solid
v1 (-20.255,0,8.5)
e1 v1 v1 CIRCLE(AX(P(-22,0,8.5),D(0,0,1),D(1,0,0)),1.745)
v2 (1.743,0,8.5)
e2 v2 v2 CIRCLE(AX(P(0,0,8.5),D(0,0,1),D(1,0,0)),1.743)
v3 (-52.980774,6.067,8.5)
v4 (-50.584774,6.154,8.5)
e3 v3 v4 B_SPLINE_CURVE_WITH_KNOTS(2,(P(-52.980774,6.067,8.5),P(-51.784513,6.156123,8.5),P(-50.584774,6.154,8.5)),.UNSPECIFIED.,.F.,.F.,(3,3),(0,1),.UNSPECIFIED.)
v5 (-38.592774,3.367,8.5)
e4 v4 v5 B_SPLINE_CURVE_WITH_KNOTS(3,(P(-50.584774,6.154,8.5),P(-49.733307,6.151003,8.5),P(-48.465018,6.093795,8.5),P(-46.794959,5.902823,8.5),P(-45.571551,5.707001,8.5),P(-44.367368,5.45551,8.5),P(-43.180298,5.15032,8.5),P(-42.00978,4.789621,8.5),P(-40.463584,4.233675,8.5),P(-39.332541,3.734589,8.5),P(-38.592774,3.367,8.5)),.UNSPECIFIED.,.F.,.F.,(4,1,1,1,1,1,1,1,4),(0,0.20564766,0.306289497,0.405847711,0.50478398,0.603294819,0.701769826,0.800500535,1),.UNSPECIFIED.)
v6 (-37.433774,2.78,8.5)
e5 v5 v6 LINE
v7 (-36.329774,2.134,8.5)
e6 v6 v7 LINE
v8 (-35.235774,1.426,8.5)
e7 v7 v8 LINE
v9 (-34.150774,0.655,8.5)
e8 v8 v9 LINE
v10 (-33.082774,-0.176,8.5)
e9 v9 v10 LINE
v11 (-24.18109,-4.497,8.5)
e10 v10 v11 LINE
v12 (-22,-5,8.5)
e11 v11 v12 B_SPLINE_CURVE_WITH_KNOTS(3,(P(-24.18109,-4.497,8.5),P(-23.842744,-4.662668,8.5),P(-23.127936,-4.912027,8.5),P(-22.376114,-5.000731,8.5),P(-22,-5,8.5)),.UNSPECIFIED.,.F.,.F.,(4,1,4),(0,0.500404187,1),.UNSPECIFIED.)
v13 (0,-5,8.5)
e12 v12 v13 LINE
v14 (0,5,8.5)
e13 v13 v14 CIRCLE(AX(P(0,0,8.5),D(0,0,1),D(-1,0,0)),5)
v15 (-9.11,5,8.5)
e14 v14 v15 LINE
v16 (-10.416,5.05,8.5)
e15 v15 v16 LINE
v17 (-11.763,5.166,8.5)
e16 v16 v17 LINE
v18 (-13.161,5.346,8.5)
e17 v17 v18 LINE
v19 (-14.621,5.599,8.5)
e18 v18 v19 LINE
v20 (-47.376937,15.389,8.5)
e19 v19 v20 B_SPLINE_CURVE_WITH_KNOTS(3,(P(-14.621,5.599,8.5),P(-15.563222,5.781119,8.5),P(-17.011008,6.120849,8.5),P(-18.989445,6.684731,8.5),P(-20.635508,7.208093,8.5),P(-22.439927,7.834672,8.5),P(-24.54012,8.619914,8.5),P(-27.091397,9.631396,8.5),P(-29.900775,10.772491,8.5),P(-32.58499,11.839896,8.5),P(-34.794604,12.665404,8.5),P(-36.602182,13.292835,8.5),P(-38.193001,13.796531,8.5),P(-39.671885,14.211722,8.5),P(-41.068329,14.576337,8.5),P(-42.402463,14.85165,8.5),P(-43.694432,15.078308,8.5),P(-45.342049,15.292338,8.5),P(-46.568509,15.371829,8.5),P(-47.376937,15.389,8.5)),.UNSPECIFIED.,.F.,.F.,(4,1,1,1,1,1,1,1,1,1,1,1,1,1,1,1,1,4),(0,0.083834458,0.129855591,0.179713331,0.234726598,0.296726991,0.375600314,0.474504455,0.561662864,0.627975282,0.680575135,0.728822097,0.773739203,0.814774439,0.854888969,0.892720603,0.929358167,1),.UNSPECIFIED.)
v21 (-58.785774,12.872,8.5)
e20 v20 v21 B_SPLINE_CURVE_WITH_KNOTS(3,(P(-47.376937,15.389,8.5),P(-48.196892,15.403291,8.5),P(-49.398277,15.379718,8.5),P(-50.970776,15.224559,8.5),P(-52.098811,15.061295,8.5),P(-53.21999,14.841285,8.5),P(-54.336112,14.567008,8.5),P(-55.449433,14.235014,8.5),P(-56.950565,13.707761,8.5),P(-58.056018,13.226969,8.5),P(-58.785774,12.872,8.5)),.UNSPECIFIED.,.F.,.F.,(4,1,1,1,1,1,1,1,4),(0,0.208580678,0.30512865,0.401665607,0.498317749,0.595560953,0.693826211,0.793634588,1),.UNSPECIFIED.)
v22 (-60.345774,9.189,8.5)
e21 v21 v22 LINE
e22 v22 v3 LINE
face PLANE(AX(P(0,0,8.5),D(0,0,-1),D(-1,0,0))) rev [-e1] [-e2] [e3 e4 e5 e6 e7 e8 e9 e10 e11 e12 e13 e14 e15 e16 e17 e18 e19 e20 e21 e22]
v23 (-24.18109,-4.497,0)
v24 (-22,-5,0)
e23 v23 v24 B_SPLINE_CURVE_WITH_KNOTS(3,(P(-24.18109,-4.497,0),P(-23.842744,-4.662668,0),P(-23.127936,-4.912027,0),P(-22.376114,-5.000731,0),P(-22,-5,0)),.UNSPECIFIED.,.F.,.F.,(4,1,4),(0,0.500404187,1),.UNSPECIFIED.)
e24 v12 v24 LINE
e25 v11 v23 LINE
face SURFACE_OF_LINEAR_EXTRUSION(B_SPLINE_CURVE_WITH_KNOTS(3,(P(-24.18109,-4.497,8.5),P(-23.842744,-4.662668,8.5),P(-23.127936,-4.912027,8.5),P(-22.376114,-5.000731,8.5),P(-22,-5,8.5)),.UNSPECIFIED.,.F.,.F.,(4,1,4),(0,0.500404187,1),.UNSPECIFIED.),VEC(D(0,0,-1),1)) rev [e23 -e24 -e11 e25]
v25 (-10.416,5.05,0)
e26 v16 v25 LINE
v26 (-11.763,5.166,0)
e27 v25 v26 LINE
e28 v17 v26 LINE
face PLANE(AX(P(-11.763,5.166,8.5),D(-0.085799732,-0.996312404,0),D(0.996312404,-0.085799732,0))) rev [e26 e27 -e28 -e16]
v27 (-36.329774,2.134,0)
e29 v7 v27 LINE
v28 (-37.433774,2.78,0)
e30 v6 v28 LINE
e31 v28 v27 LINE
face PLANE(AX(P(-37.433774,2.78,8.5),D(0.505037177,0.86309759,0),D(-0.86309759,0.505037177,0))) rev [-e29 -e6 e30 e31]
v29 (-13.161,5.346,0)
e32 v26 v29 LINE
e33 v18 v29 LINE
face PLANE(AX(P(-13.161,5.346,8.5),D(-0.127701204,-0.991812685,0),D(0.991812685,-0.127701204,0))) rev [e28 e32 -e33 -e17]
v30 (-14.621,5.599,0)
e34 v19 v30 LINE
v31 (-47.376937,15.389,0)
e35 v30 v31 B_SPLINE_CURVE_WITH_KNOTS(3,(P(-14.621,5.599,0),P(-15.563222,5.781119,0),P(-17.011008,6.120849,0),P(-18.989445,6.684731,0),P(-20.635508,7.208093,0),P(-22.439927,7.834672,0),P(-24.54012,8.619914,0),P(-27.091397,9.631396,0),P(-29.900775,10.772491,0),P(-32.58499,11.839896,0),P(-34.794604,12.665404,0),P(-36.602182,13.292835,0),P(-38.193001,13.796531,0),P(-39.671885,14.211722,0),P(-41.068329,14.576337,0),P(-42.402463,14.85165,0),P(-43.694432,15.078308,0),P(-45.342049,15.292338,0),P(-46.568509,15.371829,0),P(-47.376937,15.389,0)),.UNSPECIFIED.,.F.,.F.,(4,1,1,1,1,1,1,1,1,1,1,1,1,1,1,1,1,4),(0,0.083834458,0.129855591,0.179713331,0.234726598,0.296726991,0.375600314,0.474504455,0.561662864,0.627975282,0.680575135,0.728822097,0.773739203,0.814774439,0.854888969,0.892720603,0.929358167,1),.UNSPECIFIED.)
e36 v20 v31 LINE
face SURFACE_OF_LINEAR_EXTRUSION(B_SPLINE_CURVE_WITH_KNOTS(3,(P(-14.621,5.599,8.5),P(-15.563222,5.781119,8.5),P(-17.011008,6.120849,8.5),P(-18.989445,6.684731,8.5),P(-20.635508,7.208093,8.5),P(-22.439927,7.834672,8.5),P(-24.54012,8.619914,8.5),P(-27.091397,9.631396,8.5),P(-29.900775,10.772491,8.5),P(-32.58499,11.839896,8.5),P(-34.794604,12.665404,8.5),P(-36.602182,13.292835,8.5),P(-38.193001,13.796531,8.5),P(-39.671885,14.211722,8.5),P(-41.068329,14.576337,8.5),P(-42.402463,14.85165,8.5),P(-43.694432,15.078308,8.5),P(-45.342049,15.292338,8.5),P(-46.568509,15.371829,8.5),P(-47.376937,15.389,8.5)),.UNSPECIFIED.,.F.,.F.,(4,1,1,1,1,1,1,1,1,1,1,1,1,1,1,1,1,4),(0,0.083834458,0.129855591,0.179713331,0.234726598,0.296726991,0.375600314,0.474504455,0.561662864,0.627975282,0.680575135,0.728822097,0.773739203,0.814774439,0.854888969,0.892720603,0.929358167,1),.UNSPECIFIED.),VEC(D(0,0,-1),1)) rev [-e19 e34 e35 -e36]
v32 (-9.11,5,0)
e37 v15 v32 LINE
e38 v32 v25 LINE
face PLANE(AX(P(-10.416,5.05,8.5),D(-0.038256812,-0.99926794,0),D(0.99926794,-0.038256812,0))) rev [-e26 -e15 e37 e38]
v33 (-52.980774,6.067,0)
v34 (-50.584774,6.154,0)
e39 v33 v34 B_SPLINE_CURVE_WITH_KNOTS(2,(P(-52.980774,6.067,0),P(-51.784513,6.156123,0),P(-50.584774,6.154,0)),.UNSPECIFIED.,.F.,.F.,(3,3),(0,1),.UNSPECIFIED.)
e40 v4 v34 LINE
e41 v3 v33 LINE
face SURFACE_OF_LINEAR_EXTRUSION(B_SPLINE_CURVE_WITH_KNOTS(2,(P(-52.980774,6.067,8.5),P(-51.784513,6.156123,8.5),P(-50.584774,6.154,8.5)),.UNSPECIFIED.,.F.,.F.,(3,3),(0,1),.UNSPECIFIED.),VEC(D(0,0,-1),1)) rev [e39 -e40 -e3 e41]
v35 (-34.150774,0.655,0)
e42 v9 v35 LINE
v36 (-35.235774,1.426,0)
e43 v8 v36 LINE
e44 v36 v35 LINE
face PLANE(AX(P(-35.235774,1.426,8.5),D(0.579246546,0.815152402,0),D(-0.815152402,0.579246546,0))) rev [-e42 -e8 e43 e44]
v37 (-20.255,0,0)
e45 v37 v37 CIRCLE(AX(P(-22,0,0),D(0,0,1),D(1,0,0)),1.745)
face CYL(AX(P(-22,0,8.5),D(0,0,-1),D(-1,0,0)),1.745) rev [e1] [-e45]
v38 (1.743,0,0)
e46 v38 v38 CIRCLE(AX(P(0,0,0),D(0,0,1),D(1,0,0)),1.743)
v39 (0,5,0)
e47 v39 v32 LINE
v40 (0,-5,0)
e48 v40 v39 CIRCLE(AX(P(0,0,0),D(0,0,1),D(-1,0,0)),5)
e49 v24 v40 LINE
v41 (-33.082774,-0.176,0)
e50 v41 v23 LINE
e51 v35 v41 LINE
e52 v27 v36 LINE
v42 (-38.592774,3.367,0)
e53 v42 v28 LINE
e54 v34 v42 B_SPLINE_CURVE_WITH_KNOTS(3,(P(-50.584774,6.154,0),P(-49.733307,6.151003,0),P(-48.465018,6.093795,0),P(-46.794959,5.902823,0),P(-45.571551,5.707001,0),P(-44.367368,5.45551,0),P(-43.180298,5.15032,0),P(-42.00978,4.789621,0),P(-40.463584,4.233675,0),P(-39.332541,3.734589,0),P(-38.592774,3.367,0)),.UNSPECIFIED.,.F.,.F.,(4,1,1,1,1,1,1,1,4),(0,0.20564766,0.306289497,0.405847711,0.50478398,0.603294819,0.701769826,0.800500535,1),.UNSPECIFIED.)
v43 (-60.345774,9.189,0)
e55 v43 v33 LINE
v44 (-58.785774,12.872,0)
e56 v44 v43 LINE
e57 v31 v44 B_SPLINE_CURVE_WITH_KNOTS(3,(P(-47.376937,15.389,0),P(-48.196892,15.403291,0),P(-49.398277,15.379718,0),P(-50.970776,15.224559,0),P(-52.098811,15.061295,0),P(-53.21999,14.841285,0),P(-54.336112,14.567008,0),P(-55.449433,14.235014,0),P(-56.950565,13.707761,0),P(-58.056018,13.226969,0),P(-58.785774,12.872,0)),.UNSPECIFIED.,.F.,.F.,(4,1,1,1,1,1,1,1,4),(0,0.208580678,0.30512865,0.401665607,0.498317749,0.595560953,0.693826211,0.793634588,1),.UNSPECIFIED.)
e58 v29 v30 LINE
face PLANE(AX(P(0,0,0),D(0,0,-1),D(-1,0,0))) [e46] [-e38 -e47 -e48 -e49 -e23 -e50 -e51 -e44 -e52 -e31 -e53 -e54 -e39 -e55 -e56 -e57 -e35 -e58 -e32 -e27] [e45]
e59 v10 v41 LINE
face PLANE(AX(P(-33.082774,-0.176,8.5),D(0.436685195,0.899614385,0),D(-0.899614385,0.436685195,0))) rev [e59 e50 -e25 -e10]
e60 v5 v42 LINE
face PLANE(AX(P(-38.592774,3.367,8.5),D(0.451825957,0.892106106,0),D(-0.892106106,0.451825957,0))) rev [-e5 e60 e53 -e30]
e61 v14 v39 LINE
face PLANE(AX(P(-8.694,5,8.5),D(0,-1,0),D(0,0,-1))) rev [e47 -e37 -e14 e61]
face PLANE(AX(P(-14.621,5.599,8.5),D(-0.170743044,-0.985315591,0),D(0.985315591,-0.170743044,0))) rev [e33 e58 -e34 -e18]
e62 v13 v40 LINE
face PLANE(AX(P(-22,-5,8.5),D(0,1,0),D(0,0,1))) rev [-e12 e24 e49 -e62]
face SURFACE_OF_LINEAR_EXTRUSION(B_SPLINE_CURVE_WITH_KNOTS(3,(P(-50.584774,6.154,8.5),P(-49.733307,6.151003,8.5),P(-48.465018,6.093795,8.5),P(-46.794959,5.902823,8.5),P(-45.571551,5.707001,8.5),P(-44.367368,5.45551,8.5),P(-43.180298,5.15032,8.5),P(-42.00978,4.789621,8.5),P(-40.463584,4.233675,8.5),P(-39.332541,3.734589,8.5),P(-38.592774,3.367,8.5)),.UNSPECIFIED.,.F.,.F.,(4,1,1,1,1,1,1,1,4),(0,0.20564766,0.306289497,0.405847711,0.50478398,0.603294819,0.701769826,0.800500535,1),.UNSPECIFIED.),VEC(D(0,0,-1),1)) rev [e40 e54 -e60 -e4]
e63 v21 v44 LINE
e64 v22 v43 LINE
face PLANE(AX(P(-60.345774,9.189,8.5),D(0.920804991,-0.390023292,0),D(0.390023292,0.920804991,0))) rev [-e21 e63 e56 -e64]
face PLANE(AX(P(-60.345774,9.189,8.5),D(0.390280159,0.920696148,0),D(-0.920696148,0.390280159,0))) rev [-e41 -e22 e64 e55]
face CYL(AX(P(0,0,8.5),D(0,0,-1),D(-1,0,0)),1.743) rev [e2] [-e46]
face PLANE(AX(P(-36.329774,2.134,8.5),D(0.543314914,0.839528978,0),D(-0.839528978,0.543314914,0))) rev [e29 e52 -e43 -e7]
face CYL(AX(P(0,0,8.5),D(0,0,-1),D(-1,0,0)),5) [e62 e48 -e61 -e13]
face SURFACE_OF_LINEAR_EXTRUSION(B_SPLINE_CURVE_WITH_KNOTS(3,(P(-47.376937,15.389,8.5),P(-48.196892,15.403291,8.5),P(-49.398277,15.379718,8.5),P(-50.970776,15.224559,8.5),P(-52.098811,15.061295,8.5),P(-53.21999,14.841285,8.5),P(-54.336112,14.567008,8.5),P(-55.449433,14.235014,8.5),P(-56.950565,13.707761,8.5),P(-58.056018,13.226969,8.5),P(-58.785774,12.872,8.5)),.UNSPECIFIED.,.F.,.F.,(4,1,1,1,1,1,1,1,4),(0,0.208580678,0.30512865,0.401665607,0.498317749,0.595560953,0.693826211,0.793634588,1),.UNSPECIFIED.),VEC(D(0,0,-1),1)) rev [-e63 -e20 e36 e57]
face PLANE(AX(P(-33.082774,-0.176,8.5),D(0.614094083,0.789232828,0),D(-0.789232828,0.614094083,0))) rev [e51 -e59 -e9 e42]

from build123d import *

# Parameters (mm, degrees)
CROQUIS1_R              = 1.743
CROQUIS1_R_2            = 1.745
SALIENTE_EXTRUIR1_DEPTH = 8.5


with BuildPart() as part:
    # Croquis1 → Saliente-Extruir1 (new body)
    with BuildSketch(Plane.XY):
        with BuildLine():
            Line((-8.694, 5), (0, 5))
            ThreePointArc((0, 5), (5, 0), (0, -5))
            Line((0, -5), (-22, -5))
            add(Edge.make_bspline(
                [(-22, -5), (-22.376114087, -5.000730995), (-23.127936381, -4.912027071), (-23.842743751, -4.662668406), (-24.18108985, -4.497)],
                knots=[0, 0, 0, 0, 0.499595813, 1, 1, 1, 1], degree=3))
            Line((-24.18108985, -4.497), (-33.082774185, -0.176))
            Line((-33.082774185, -0.176), (-34.150774185, 0.655))
            Line((-34.150774185, 0.655), (-35.235774185, 1.426))
            Line((-35.235774185, 1.426), (-36.329774185, 2.134))
            Line((-36.329774185, 2.134), (-37.433774185, 2.78))
            Line((-37.433774185, 2.78), (-38.592774185, 3.367))
            add(Edge.make_bspline(
                [(-38.592774185, 3.367), (-39.332541124, 3.73458873), (-40.463584029, 4.233674803), (-42.009779682, 4.789621338), (-43.18029785, 5.1503195), (-44.367367964, 5.455509833), (-45.571550782, 5.707001476), (-46.794958977, 5.902822636), (-48.465017773, 6.09379478), (-49.733307298, 6.151003132), (-50.584774185, 6.154)],
                knots=[0, 0, 0, 0, 0.199499465, 0.298230174, 0.396705181, 0.49521602, 0.594152289, 0.693710503, 0.79435234, 1, 1, 1, 1], degree=3))
            add(Edge.make_bspline(
                [(-50.584774185, 6.154), (-51.784512946, 6.156123129), (-52.980774185, 6.067)],
                knots=[0, 0, 0, 1, 1, 1], degree=2))
            Line((-52.980774185, 6.067), (-60.345774185, 9.189))
            Line((-60.345774185, 9.189), (-58.785774185, 12.872))
            add(Edge.make_bspline(
                [(-47.376936723, 15.389), (-48.196892042, 15.403291142), (-49.398277121, 15.379717661), (-50.970775635, 15.224558885), (-52.098811061, 15.061295448), (-53.219989961, 14.84128524), (-54.336112455, 14.567008142), (-55.4494326, 14.235014339), (-56.95056509, 13.707761437), (-58.056017514, 13.22696924), (-58.785774185, 12.872)],
                knots=[0, 0, 0, 0, 0.208580678, 0.30512865, 0.401665607, 0.498317749, 0.595560953, 0.693826211, 0.793634588, 1, 1, 1, 1], degree=3))
            add(Edge.make_bspline(
                [(-14.621, 5.599), (-15.563222131, 5.781119084), (-17.011007703, 6.120848832), (-18.989445264, 6.684731463), (-20.635507849, 7.208092626), (-22.439927245, 7.83467175), (-24.540120329, 8.619913648), (-27.091397312, 9.631396334), (-29.90077475, 10.772491334), (-32.584990491, 11.839895748), (-34.794603661, 12.665403671), (-36.602182307, 13.292835375), (-38.193000796, 13.796531357), (-39.671884667, 14.211722291), (-41.068328907, 14.576337495), (-42.402463198, 14.85165039), (-43.69443221, 15.078308418), (-45.342048595, 15.292337563), (-46.568508645, 15.371828774), (-47.376936723, 15.389)],
                knots=[0, 0, 0, 0, 0.083834458, 0.129855591, 0.179713331, 0.234726598, 0.296726991, 0.375600314, 0.474504455, 0.561662864, 0.627975282, 0.680575135, 0.728822097, 0.773739203, 0.814774439, 0.854888969, 0.892720603, 0.929358167, 1, 1, 1, 1], degree=3))
            Line((-14.621, 5.599), (-13.161, 5.346))
            Line((-13.161, 5.346), (-11.763, 5.166))
            Line((-11.763, 5.166), (-10.416, 5.05))
            Line((-10.416, 5.05), (-9.11, 5))
            Line((-9.11, 5), (-8.694, 5))
        make_face()
        Circle(CROQUIS1_R, mode=Mode.SUBTRACT)
        with Locations((-22, 0)):
            Circle(CROQUIS1_R_2, mode=Mode.SUBTRACT)
    extrude(amount=SALIENTE_EXTRUIR1_DEPTH)


solid = part.part
